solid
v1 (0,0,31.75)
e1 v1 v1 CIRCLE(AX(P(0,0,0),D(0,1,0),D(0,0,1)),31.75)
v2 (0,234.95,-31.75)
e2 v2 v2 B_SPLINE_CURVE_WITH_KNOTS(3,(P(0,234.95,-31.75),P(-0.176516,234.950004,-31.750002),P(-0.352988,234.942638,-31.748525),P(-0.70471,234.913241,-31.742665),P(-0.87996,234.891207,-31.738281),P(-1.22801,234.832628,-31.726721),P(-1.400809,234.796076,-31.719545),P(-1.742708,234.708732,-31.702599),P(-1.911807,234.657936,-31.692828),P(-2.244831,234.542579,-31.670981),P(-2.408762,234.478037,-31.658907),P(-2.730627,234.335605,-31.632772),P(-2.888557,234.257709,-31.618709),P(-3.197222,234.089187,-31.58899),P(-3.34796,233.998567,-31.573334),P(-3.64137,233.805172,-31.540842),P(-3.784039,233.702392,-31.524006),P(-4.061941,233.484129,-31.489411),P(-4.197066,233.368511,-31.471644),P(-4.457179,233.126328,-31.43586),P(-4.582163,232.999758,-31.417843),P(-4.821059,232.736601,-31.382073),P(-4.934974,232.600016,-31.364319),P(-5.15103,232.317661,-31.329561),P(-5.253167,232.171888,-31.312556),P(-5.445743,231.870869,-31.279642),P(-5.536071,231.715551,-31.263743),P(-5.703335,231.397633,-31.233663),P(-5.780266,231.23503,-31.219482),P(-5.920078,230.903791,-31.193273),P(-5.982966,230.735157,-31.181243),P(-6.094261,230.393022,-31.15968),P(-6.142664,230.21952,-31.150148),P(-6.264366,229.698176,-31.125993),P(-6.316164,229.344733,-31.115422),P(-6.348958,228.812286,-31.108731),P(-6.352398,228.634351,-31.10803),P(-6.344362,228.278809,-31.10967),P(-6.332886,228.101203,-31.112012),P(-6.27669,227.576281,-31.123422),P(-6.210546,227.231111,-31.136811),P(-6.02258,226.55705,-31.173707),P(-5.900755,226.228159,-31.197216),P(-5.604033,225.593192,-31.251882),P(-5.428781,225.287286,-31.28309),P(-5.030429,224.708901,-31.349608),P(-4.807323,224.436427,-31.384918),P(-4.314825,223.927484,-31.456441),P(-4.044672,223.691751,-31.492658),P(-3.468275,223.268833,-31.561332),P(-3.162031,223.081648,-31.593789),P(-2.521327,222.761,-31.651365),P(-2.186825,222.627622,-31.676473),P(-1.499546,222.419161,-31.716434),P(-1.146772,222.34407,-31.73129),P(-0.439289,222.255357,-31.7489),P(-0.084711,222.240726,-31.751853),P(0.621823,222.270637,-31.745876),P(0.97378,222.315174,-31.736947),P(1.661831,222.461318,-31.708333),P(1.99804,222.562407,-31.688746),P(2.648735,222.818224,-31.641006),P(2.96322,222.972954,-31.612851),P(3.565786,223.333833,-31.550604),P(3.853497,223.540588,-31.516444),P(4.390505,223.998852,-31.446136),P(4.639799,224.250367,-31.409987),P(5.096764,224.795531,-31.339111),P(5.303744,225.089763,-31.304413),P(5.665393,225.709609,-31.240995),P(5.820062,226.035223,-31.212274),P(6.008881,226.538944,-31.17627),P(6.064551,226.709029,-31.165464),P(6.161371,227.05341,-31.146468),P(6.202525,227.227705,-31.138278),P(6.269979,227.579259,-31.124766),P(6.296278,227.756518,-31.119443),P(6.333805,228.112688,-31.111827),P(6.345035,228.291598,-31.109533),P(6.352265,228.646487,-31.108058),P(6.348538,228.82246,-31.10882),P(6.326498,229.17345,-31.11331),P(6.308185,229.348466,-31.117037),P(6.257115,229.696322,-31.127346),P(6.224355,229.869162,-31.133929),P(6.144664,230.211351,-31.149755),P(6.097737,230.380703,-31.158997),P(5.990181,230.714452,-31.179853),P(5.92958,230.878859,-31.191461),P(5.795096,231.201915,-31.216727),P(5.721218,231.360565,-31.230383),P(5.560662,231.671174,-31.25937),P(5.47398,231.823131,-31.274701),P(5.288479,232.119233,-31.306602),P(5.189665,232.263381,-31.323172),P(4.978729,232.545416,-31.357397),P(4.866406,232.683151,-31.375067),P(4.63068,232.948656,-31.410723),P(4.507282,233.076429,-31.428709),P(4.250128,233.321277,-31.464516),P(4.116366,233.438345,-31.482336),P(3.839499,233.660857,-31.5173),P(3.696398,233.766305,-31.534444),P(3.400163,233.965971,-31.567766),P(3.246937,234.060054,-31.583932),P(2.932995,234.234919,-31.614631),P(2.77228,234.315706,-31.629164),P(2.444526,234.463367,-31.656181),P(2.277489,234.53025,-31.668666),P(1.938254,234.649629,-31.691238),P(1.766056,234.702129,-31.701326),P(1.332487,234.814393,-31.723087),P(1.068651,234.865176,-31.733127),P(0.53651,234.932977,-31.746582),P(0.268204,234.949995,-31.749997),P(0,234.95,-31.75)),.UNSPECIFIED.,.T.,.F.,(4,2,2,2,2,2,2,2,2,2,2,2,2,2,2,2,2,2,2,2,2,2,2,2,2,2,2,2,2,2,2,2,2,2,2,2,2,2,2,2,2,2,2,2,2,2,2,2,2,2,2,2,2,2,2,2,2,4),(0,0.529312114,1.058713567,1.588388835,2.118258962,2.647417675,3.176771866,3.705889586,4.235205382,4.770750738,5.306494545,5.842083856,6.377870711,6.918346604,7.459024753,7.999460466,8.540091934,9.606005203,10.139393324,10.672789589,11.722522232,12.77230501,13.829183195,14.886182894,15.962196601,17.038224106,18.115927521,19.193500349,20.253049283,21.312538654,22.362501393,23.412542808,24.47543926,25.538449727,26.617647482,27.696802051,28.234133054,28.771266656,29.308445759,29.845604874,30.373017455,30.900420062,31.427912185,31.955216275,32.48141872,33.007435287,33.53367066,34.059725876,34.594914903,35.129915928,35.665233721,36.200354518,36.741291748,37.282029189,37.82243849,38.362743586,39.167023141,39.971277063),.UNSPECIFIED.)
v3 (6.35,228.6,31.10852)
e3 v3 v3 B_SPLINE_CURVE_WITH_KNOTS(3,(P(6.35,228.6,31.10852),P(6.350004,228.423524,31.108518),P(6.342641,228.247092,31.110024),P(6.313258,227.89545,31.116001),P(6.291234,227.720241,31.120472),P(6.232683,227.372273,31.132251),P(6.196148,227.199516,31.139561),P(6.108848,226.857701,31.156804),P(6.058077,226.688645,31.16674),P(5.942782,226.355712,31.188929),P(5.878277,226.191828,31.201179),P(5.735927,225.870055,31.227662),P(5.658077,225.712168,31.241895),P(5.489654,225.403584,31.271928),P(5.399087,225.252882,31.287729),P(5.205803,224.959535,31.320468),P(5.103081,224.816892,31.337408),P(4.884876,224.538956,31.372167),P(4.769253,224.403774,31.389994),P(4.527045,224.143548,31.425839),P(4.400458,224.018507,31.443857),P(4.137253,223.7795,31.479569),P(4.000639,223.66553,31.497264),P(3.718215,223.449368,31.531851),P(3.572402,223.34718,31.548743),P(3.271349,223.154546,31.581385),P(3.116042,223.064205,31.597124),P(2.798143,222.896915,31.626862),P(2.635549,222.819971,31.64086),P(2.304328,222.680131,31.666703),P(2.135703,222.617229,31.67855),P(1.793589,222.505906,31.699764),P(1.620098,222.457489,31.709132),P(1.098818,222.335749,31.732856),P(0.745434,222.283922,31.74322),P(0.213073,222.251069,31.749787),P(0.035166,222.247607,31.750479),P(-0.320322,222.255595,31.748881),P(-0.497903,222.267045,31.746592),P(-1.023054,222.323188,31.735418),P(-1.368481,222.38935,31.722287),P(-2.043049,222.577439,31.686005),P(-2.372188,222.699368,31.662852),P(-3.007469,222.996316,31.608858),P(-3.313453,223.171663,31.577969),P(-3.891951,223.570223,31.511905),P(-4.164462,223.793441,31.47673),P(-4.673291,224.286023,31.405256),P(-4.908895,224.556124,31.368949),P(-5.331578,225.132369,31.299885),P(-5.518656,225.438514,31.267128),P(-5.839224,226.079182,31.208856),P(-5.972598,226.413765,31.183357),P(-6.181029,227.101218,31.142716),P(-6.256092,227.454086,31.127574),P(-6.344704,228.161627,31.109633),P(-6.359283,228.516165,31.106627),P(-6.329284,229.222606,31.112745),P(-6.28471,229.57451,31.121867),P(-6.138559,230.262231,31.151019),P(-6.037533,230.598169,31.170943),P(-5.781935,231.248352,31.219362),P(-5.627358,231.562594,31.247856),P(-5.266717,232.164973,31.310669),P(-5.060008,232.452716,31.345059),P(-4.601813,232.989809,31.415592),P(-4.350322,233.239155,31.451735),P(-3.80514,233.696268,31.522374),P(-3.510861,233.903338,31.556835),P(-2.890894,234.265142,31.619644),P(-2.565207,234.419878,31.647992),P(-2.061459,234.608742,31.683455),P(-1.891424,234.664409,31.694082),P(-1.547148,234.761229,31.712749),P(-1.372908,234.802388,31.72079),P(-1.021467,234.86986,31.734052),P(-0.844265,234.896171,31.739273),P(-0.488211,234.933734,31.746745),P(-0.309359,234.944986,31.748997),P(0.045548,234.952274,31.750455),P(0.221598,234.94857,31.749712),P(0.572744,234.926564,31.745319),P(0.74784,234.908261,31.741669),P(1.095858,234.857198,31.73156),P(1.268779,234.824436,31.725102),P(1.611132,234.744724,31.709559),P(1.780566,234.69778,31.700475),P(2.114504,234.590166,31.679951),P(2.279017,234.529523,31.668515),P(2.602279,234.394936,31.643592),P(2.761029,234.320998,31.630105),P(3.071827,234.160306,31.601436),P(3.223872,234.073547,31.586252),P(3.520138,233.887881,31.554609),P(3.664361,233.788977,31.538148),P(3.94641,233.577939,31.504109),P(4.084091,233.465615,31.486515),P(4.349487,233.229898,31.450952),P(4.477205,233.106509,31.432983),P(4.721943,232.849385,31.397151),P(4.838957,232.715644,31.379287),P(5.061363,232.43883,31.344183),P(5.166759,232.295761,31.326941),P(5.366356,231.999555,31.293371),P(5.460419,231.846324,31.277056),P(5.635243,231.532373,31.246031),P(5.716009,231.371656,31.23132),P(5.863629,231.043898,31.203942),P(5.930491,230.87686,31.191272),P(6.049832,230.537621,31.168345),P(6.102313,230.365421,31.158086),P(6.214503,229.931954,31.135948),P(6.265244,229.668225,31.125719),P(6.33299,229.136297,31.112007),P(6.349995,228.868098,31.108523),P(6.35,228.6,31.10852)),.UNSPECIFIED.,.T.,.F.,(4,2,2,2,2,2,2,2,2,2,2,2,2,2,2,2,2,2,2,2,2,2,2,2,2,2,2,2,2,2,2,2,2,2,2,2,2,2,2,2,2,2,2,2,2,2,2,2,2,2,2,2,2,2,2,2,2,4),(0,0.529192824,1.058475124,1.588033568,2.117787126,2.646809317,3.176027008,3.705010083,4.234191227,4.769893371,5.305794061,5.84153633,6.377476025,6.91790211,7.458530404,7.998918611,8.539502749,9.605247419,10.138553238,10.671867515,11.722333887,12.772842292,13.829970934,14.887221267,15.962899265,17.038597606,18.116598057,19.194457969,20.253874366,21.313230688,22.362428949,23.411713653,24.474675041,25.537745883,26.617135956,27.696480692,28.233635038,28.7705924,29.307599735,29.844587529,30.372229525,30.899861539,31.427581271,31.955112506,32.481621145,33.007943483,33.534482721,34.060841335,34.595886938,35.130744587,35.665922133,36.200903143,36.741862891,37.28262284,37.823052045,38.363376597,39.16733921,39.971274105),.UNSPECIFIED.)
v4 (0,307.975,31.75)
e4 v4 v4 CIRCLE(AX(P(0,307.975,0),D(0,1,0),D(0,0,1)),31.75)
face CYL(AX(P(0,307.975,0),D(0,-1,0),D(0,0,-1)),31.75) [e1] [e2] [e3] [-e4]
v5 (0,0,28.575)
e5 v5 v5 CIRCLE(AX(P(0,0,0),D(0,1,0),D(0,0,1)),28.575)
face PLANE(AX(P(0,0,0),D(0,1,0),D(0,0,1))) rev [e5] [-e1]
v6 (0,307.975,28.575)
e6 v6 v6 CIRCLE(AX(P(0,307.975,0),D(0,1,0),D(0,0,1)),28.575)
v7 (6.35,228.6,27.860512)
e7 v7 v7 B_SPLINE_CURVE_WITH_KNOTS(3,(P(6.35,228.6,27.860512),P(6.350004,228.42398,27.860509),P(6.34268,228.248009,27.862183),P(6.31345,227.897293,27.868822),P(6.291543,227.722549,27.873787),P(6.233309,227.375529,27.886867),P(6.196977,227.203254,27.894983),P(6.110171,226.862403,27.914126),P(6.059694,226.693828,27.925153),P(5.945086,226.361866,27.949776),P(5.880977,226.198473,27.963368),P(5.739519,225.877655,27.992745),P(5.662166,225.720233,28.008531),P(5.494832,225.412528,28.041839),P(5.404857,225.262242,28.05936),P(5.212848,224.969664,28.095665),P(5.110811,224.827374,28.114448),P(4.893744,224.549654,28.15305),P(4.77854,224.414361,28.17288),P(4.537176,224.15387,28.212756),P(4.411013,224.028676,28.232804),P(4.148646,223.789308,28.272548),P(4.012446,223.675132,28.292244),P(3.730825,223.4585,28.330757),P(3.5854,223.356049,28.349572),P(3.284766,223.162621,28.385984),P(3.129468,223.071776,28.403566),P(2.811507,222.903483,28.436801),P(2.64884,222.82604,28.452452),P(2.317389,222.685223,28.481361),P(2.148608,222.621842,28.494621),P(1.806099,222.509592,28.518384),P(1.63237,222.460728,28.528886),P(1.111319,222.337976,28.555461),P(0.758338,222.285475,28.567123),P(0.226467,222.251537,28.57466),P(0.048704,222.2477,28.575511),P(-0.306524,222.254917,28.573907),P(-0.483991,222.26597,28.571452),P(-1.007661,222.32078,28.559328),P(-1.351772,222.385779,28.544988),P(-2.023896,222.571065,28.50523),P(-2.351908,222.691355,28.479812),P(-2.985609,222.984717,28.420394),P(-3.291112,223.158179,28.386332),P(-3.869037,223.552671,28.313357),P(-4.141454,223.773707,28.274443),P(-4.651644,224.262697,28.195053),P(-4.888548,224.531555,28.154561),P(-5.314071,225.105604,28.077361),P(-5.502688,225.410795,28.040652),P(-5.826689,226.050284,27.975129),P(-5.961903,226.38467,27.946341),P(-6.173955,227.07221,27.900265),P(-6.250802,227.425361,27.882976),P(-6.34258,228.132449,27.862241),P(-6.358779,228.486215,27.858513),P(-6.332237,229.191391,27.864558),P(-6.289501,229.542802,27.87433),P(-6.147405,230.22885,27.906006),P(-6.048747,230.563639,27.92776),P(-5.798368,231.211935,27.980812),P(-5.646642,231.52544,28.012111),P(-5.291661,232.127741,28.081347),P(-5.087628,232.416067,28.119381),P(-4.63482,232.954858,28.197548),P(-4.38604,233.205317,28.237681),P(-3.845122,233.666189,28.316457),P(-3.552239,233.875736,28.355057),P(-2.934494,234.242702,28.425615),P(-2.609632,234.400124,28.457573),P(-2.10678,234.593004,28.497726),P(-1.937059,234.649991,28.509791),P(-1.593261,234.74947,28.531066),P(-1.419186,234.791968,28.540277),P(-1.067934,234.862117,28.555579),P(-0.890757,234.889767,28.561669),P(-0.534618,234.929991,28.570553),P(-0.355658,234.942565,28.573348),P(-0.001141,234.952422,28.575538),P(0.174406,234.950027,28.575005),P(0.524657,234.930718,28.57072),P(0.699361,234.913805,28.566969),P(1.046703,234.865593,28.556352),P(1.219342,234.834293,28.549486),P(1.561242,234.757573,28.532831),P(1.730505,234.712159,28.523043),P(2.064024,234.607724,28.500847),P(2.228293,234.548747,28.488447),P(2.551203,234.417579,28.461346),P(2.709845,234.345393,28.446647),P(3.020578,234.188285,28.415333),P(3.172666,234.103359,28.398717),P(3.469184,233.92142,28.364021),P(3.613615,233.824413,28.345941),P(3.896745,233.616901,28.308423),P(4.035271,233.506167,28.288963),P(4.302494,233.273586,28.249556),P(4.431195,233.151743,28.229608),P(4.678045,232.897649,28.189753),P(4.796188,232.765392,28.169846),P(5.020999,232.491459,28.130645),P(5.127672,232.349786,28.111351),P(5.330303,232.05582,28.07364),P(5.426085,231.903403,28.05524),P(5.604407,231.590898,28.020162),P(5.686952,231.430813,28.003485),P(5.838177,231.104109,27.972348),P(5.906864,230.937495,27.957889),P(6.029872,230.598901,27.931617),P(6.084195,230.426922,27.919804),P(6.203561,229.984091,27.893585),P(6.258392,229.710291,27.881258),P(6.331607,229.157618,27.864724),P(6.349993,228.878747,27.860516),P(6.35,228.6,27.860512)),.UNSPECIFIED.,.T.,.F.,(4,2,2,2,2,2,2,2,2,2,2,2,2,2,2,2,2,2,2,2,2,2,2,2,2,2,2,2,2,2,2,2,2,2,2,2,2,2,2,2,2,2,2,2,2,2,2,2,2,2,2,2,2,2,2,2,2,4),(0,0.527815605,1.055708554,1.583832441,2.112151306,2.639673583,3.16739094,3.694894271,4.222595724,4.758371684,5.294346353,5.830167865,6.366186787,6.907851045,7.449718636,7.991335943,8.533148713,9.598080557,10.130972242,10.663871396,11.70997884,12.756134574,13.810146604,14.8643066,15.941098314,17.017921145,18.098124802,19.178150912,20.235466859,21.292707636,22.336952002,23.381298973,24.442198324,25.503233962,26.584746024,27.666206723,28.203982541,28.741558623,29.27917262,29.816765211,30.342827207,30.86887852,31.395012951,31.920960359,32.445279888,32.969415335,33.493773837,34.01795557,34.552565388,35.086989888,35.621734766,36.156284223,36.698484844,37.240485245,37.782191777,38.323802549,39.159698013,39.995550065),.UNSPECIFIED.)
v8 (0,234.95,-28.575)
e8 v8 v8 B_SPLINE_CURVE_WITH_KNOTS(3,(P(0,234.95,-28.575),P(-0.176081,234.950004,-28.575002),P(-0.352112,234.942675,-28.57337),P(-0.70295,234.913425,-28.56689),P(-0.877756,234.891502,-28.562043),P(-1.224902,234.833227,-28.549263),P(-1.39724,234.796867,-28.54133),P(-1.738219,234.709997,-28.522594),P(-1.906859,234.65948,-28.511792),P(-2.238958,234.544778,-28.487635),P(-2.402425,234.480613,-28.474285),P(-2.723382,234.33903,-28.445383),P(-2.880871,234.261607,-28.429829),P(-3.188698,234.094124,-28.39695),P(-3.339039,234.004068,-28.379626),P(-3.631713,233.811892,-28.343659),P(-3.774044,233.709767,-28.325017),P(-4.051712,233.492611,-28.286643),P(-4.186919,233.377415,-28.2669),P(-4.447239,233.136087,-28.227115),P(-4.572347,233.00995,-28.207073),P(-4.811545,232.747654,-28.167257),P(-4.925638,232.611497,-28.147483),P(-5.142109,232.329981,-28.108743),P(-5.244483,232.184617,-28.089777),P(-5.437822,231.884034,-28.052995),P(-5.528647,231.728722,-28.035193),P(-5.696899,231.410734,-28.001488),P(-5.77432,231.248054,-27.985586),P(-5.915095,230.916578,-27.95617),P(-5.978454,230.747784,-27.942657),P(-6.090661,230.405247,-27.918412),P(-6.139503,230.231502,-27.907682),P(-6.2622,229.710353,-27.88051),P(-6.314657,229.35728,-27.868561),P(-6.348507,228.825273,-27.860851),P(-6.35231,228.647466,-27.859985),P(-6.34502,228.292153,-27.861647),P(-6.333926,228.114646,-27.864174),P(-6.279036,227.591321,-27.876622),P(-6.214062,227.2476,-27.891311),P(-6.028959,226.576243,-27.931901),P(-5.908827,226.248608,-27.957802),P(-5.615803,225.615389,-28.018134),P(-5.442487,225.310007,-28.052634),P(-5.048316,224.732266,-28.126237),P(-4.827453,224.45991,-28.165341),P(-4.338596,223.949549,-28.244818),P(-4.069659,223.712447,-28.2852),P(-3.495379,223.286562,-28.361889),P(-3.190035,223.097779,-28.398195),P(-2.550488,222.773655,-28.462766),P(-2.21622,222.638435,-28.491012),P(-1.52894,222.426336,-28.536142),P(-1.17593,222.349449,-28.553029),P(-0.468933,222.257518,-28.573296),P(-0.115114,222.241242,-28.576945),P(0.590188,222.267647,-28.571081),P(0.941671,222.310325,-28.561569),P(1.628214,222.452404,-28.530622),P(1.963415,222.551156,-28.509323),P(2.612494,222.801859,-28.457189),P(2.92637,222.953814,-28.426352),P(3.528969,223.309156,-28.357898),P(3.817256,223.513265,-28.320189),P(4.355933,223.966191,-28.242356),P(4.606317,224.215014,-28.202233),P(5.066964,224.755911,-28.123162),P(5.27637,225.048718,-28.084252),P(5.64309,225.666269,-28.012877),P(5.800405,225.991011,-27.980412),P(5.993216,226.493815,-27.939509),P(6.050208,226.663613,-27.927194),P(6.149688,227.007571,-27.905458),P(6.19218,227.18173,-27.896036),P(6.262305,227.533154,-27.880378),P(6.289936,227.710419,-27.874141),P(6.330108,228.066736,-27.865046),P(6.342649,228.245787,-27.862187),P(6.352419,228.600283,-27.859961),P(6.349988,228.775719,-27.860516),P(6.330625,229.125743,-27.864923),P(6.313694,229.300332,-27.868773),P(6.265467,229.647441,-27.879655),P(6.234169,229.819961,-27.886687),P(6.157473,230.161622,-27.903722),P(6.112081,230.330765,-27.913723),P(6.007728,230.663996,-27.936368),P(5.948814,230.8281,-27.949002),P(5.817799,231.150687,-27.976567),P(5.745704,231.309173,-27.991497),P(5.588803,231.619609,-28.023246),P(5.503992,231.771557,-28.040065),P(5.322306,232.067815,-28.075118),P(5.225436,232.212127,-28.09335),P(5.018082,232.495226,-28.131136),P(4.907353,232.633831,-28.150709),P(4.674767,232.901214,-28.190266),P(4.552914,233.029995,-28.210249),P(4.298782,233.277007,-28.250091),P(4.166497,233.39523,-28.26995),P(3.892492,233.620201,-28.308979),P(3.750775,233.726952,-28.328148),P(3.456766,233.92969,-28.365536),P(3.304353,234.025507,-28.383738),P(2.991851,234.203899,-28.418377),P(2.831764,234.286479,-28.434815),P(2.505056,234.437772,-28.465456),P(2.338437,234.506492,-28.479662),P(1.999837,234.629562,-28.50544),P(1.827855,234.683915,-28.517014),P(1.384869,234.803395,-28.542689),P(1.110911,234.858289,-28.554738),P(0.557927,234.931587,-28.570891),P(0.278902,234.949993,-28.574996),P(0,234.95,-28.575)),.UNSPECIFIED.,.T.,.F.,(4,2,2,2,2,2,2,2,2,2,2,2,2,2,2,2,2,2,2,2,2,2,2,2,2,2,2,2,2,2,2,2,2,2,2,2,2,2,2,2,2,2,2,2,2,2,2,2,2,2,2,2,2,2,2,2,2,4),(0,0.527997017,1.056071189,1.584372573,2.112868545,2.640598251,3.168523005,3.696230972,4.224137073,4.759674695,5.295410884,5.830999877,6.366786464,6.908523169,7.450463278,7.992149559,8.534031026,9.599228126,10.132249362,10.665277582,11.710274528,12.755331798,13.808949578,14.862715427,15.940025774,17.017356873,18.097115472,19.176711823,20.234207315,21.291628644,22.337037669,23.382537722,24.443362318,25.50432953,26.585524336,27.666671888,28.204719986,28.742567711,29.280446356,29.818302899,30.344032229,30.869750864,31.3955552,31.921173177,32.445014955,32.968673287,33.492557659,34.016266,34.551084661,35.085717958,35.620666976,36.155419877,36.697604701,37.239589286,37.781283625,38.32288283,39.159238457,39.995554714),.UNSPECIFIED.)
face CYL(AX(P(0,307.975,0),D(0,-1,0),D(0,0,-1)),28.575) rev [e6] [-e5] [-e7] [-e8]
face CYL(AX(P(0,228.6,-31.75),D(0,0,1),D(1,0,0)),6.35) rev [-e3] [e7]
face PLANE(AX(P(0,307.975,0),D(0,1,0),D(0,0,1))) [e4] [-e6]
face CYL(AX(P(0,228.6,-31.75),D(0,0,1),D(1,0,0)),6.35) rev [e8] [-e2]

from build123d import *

# Parameters (mm, degrees)
SKETCH2_R               = 31.75
SKETCH2_R_2             = 28.575
BOSS_EXTRUDE1_DEPTH     = 307.975
CUT_EXTRUDE1_DEPTH      = 312.230984359
CUT_EXTRUDE1_DEPTH_BACK = 312.230984359
SKETCH3_R               = 6.35


with BuildPart() as part:
    # Sketch2 → Boss-Extrude1 (new body)
    with BuildSketch(Plane(origin=(0, 0, 0), x_dir=(1, 0, 0), z_dir=(0, 1, 0))):
        with Locations(Location((0, 0, 0), (0, 0, 270))):
            Circle(SKETCH2_R)
        with Locations(Location((0, 0, 0), (0, 0, 270))):
            Circle(SKETCH2_R_2, mode=Mode.SUBTRACT)
    extrude(amount=BOSS_EXTRUDE1_DEPTH)

    # Sketch3 → Cut-Extrude1 (cut, two sides: drawn at the far end of the back side and taken through both)
    with BuildSketch(Plane.XY.offset(-CUT_EXTRUDE1_DEPTH_BACK)):
        with Locations((0, 228.6)):
            Circle(SKETCH3_R)
    extrude(amount=CUT_EXTRUDE1_DEPTH + CUT_EXTRUDE1_DEPTH_BACK, mode=Mode.SUBTRACT)


solid = part.part
